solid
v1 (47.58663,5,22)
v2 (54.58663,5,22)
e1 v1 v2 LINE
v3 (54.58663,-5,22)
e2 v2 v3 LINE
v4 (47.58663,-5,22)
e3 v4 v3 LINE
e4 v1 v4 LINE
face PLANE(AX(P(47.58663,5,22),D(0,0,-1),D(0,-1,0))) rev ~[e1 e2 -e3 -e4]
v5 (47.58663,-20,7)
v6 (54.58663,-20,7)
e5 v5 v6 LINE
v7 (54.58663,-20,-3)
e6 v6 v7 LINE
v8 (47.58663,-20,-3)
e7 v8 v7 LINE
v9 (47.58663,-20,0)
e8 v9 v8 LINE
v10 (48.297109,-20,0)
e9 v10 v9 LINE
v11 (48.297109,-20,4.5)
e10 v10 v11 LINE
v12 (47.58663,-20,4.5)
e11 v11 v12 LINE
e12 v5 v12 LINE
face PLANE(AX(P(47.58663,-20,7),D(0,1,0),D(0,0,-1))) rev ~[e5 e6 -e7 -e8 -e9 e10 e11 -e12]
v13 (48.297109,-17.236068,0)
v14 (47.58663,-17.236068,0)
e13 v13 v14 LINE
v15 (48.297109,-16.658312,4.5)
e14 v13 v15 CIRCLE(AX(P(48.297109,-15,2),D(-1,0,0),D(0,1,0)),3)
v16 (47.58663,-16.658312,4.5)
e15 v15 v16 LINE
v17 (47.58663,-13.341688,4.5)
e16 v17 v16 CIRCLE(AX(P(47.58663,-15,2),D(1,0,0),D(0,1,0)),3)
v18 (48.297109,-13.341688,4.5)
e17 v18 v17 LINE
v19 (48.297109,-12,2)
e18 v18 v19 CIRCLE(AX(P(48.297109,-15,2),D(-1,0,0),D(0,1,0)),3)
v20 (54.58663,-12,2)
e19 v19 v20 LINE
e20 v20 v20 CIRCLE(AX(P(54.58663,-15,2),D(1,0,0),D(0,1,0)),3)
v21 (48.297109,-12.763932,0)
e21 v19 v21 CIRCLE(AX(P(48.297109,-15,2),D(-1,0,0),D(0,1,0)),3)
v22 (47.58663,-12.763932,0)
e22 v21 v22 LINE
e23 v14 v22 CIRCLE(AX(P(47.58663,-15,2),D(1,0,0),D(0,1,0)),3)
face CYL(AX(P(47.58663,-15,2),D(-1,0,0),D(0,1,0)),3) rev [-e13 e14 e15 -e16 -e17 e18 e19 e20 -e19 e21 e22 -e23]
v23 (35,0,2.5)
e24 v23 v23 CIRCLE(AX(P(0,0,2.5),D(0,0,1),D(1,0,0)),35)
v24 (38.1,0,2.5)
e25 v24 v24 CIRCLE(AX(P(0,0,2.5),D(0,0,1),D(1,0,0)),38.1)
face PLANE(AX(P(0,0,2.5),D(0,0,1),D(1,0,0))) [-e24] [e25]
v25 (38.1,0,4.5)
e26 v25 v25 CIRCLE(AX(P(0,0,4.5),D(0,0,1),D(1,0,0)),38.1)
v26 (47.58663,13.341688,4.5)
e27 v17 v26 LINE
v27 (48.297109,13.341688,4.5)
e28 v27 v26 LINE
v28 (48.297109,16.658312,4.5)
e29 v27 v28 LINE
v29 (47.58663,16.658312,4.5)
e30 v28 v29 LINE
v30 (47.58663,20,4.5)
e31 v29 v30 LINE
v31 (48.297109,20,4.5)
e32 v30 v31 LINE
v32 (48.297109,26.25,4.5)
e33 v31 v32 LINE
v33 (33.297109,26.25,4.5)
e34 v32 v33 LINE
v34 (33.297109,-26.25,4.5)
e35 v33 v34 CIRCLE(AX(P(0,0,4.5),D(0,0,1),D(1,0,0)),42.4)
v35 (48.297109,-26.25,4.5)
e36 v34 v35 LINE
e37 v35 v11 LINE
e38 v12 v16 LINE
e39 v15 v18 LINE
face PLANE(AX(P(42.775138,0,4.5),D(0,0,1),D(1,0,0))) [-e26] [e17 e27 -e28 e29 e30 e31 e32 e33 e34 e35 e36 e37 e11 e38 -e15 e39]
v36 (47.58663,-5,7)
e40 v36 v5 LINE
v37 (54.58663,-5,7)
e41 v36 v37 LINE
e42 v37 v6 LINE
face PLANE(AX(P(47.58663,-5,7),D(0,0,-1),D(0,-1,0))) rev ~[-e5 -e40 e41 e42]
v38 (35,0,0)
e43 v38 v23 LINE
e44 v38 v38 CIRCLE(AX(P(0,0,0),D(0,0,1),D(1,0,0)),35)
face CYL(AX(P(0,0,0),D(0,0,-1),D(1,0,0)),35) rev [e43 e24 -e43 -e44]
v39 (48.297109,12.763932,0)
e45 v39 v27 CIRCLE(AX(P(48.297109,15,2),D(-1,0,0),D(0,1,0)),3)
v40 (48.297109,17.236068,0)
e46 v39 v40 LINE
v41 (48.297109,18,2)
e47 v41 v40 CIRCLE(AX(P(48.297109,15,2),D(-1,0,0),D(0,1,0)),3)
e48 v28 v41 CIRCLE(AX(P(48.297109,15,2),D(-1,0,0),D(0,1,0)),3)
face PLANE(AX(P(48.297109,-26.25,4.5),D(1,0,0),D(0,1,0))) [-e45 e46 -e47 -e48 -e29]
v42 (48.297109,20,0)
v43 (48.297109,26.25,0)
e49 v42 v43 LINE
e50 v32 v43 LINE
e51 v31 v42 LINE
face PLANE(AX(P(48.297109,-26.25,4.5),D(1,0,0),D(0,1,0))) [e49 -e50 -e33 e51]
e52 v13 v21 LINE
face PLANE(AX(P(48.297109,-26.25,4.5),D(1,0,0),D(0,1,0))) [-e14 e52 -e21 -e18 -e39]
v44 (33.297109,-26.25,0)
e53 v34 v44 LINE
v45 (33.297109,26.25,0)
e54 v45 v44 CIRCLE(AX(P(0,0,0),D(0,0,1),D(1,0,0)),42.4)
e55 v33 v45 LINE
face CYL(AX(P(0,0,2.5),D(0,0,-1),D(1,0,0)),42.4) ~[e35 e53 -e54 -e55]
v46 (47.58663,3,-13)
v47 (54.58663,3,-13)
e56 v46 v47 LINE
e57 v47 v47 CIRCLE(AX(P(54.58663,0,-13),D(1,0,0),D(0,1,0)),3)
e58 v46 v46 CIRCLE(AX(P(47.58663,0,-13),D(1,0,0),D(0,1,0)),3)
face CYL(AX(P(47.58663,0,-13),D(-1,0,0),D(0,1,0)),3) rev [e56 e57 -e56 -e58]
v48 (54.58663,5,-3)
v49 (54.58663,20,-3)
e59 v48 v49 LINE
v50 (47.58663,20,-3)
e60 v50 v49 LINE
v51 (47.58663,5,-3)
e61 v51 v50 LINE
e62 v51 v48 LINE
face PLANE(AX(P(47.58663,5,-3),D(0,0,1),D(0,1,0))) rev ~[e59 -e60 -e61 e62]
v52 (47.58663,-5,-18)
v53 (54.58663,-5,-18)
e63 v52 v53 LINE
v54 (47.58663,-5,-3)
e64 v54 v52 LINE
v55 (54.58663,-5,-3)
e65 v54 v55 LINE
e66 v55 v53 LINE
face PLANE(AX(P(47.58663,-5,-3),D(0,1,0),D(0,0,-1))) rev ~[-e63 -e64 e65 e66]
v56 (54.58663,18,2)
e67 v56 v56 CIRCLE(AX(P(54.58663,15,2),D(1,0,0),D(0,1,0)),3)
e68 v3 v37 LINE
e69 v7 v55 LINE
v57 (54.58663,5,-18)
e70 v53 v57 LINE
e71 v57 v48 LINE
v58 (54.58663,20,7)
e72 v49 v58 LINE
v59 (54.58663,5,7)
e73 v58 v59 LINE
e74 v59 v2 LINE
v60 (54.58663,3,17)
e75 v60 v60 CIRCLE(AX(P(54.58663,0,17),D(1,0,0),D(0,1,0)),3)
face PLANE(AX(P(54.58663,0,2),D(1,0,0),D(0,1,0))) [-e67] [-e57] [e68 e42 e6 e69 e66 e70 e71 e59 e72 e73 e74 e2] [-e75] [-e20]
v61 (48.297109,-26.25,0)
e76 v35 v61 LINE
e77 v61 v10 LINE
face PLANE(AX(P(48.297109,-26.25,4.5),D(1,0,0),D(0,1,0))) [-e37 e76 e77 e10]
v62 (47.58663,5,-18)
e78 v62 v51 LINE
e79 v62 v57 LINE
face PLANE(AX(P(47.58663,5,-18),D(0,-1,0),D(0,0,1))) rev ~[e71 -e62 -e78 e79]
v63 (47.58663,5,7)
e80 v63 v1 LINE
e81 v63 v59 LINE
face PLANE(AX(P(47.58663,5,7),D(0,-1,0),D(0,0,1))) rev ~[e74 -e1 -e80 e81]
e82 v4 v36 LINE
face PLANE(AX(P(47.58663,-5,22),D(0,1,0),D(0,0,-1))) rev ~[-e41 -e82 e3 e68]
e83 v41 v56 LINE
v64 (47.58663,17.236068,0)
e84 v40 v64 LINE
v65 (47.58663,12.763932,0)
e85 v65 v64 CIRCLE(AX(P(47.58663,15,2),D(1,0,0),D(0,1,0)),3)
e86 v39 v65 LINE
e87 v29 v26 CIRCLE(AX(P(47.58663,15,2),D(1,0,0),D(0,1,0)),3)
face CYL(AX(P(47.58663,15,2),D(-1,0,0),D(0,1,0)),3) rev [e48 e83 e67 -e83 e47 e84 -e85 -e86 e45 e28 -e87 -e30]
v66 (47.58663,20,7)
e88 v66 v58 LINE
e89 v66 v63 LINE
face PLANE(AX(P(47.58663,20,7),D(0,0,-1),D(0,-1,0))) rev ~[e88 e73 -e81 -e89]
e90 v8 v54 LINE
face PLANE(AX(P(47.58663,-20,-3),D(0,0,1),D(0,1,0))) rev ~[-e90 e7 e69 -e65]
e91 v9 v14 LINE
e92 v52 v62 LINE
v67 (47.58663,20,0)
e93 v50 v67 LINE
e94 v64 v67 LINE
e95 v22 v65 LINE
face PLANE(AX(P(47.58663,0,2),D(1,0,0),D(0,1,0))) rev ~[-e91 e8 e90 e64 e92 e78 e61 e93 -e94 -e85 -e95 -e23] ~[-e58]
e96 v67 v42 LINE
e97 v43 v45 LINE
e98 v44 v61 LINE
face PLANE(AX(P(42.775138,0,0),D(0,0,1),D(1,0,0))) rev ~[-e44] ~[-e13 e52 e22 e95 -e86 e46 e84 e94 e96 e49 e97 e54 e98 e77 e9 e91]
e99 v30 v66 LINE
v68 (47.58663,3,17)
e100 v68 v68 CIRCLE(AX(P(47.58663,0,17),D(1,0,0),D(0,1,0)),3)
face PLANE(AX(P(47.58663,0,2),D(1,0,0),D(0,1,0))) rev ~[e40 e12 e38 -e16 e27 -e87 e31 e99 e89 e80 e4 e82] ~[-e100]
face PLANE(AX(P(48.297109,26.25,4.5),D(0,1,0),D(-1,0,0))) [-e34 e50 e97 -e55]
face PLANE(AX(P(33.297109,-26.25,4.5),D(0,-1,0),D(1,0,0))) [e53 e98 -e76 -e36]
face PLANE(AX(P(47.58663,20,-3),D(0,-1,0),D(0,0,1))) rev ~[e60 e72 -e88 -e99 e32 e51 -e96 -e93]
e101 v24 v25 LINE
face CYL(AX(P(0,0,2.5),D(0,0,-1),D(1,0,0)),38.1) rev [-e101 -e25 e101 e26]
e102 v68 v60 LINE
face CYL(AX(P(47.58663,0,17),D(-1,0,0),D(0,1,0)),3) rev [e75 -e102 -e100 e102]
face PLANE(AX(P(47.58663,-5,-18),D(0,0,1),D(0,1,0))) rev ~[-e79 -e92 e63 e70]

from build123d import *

# Parameters (mm, degrees)
F0_R     = 42.4
F0_R_2   = 35
F1_DEPTH = 2.5
F2_R     = 42.4
F2_R_2   = 38.1
F3_DEPTH = 2
F7_DEPTH = 4.5
F8_START = 3.2
F5_R     = 3
F8_DEPTH = 7


with BuildPart() as f1:
    # F0 (on Top) → F1 (new body)
    with BuildSketch(Plane.XY):
        Circle(F0_R)
        Circle(F0_R_2, mode=Mode.SUBTRACT)
    extrude(amount=F1_DEPTH)

    # F2 (on face) → F3 (join)
    with BuildSketch(Plane.XY.offset(2.5)):
        Circle(F2_R)
        Circle(F2_R_2, mode=Mode.SUBTRACT)
    extrude(amount=F3_DEPTH)

    # F6 (on face) → F7 (join)
    with BuildSketch(Plane.XY.offset(4.5)):
        with BuildLine():
            Line((48.2971094842, -26.25), (48.2971094842, 26.25))
            Line((48.2971094842, 26.25), (33.2971094842, 26.25))
            ThreePointArc((33.2971094842, 26.25), (42.4, 0), (33.2971094842, -26.25))
            Line((33.2971094842, -26.25), (48.2971094842, -26.25))
        make_face()
    extrude(amount=-F7_DEPTH)

    # F5 (on offset) → F8 (join)
    with BuildSketch(Plane.YZ.offset(44.38663).offset(F8_START)):
        Polygon((20, -3), (20, 7), (5, 7), (5, 22), (-5, 22), (-5, 7), (-20, 7), (-20, -3), (-5, -3), (-5, -18), (5, -18), (5, -3), align=None)
        with Locations((0, -13)):
            Circle(F5_R, mode=Mode.SUBTRACT)
        with Locations((-15, 2)):
            Circle(F5_R, mode=Mode.SUBTRACT)
        with Locations((15, 2)):
            Circle(F5_R, mode=Mode.SUBTRACT)
        with Locations((0, 17)):
            Circle(F5_R, mode=Mode.SUBTRACT)
    extrude(amount=F8_DEPTH)


solid = f1.part
